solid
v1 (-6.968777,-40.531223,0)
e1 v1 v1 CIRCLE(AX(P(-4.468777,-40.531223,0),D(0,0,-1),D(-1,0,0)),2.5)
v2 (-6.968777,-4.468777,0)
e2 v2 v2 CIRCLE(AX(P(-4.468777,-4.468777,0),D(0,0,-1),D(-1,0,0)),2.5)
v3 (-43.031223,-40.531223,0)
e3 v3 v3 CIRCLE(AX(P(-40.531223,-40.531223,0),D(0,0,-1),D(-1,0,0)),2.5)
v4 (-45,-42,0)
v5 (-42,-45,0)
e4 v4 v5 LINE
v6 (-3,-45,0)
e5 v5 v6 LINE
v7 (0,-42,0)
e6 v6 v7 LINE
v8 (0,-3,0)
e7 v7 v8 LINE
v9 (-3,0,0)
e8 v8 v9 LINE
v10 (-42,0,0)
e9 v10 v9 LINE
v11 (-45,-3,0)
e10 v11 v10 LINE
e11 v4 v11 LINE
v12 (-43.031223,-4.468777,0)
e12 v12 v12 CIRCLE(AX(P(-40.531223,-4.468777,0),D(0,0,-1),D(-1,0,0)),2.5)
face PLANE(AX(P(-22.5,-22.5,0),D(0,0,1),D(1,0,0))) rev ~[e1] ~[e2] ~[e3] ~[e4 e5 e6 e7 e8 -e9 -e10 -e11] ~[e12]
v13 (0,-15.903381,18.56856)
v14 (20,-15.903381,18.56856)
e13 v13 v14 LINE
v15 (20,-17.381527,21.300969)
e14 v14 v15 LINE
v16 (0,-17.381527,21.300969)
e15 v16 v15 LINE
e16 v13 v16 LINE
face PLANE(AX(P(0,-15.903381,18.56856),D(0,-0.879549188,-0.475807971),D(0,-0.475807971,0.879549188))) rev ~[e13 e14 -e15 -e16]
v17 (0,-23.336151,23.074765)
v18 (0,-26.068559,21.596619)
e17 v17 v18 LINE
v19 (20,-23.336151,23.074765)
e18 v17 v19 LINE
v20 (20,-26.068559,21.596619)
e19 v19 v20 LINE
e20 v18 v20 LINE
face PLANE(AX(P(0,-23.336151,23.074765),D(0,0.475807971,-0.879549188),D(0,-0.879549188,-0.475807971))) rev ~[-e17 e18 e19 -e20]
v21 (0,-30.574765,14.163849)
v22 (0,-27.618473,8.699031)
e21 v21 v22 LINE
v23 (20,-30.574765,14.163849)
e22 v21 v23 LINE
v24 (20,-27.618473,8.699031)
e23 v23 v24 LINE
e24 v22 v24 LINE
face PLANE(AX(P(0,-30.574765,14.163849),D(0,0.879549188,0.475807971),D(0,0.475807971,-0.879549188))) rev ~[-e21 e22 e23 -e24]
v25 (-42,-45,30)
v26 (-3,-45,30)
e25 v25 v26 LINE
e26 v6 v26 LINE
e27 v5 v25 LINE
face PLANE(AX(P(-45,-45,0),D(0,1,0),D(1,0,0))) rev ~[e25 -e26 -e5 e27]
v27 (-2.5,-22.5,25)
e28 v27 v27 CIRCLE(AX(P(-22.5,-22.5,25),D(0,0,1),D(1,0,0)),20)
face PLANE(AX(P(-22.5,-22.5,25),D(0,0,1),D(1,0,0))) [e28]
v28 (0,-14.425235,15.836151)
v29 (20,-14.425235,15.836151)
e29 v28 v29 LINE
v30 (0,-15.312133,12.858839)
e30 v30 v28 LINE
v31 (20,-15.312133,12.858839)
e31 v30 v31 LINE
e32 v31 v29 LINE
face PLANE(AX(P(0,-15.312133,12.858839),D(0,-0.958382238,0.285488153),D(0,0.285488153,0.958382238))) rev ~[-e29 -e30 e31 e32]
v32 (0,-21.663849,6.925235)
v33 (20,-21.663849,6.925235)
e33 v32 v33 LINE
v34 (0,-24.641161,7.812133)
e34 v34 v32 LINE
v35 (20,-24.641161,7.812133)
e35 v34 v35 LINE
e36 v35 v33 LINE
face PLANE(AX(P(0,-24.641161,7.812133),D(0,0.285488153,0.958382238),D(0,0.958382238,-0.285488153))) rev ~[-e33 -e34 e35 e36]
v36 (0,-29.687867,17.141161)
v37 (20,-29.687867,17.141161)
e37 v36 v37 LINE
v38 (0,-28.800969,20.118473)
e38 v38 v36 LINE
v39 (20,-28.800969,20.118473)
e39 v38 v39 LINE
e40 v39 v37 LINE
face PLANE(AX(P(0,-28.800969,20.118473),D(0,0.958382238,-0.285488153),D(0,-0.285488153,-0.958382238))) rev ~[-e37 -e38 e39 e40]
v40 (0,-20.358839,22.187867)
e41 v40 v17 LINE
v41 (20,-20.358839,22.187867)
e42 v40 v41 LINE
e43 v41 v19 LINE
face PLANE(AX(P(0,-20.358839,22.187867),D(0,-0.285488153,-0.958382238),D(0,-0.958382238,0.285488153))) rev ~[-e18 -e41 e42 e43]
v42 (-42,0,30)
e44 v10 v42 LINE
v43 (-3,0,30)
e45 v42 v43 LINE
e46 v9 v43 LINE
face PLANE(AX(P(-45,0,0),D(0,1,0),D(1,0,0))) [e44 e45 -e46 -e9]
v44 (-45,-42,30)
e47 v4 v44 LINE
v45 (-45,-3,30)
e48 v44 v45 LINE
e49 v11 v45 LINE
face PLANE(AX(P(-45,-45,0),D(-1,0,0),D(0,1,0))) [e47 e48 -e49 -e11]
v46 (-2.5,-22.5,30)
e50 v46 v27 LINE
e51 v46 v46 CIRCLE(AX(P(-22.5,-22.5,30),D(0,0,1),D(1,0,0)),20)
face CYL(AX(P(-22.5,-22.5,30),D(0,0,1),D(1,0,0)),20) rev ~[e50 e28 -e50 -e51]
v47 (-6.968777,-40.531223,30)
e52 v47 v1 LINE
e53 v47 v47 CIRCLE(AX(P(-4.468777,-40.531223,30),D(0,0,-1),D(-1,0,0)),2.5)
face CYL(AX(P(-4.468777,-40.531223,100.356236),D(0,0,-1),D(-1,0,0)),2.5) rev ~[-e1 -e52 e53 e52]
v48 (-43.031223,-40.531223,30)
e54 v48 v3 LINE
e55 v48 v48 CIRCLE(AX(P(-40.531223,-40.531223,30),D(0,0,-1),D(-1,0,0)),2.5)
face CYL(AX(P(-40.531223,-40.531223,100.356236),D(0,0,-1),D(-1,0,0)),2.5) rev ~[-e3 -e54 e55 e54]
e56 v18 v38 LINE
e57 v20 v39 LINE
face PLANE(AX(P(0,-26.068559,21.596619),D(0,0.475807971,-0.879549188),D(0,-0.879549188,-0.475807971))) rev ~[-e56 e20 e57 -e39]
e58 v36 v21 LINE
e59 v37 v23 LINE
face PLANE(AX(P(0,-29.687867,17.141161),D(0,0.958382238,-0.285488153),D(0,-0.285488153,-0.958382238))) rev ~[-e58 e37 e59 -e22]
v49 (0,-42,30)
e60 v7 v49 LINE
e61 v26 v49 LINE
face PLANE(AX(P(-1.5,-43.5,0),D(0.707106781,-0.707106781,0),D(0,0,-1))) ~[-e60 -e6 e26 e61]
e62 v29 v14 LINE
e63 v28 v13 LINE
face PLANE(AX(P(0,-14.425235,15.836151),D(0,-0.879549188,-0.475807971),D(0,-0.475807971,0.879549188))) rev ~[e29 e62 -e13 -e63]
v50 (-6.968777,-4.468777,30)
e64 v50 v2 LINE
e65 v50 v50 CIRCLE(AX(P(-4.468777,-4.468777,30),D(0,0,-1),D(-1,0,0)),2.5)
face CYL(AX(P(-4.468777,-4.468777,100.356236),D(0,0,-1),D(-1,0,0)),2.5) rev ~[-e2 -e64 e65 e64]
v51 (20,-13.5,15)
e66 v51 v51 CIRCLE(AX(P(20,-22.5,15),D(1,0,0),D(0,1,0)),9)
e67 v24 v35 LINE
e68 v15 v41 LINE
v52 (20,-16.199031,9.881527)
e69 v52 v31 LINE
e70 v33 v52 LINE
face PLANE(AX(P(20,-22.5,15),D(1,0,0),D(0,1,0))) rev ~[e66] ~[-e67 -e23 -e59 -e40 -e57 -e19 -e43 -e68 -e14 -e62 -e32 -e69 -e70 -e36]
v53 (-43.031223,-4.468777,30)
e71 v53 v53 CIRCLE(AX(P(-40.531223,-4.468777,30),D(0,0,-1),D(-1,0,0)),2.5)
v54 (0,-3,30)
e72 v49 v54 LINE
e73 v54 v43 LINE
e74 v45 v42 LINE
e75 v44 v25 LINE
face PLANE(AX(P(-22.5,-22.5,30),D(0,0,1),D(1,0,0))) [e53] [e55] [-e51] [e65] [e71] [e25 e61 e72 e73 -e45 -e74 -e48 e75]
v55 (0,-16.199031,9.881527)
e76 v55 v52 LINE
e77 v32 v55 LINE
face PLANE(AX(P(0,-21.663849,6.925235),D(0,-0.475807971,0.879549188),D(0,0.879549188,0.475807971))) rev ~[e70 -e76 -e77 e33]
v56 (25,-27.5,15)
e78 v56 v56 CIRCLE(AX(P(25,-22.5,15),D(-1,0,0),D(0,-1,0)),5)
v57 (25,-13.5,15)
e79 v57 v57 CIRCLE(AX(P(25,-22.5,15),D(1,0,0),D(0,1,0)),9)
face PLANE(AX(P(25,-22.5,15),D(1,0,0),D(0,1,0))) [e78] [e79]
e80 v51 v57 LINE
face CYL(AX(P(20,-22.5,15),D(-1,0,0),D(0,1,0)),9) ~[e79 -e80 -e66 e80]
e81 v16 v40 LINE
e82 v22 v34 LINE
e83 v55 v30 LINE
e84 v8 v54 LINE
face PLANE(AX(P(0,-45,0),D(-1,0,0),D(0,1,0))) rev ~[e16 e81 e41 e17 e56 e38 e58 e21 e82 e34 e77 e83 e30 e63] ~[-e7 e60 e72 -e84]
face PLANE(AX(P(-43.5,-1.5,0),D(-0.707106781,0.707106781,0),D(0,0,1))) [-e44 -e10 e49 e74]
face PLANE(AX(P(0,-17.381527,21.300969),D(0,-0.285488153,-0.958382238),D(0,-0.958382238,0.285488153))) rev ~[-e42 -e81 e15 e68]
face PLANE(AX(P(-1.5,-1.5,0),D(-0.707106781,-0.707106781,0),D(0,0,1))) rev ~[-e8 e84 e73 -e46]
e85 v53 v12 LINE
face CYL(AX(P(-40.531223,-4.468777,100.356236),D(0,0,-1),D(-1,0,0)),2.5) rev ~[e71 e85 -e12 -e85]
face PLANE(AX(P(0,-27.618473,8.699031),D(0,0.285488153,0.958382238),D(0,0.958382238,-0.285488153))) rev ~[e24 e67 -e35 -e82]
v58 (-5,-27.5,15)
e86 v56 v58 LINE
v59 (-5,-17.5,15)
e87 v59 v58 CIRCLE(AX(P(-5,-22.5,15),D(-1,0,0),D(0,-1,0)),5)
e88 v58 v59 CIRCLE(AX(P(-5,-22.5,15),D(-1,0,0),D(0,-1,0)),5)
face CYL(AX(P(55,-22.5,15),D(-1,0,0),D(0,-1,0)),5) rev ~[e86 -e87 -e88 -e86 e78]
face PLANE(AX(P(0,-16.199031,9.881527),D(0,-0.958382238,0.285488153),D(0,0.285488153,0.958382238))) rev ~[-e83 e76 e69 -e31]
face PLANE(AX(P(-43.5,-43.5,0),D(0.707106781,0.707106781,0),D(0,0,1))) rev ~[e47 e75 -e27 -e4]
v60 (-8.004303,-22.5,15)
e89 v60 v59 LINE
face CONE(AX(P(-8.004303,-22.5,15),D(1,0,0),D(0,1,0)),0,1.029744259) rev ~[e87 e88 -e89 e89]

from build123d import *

# Parameters (mm, degrees)
F0_W      = 45
F0_H      = 45
F1_DEPTH  = 30
F2_SIZE   = 3
F4_D      = 5
F6_DEPTH  = 20
F7_R      = 9
F8_DEPTH  = 5
F10_D     = 10
F10_DEPTH = 30
F10_TIP   = 3.0043030951
F11_R     = 20
F12_DEPTH = 5


with BuildPart() as f1:
    # F0 (on Top) → F1 (new body)
    with BuildSketch(Plane.XY):
        with Locations((-22.5, -22.5)):
            Rectangle(F0_W, F0_H)
    extrude(amount=F1_DEPTH)

    # F2
    f2_edges = [f1.edges().sort_by_distance(p)[0] for p in [
        (-45, -45, 15),
        (0, -45, 15),
        (0, 0, 15),
        (-45, 0, 15),
    ]]
    chamfer(f2_edges, length=F2_SIZE)

    # F4 (through all)
    with Locations(Plane.XY.offset(30)):
        with Locations((-40.5312229203, -40.5312229203), (-40.5312229203, -4.4687770797), (-4.4687770797, -4.4687770797), (-4.4687770797, -40.5312229203)):
            Hole(F4_D / 2)

    # F5 (on face) → F6 (join)
    with BuildSketch(Plane.YZ):
        with BuildLine():
            ThreePointArc((-15.3121332332, 12.8588387864), (-15.0784435342, 13.9181036905), (-15, 15))
            ThreePointArc((-15, 15), (-15.2293520832, 16.8405648237), (-15.903381032, 18.5685596803))
            ThreePointArc((-15.903381032, 18.5685596803), (-17.7711474831, 20.8213360901), (-20.3588389028, 22.1878668015))
            ThreePointArc((-20.3588389028, 22.1878668015), (-23.2725024385, 22.4601099176), (-26.0685594955, 21.5966190679))
            ThreePointArc((-26.0685594955, 21.5966190679), (-28.3213359619, 19.7288526747), (-29.6878667454, 17.1411612856))
            ThreePointArc((-29.6878667454, 17.1411612856), (-29.9601099219, 14.2274976035), (-29.0966190145, 11.4314404058))
            ThreePointArc((-29.0966190145, 11.4314404058), (-27.2288526423, 9.1786640118), (-24.6411613131, 7.8121332628))
            ThreePointArc((-24.6411613131, 7.8121332628), (-21.7274976178, 7.5398900766), (-18.9314404058, 8.4033809855))
            ThreePointArc((-18.9314404058, 8.4033809855), (-16.6786639791, 10.271147398), (-15.3121332332, 12.8588387864))
        make_face()
        with BuildLine():
            ThreePointArc((-15.903381032, 18.5685596803), (-15.2293520832, 16.8405648237), (-15, 15))
            ThreePointArc((-15, 15), (-15.0784435342, 13.9181036905), (-15.3121332332, 12.8588387864))
            Line((-15.3121332332, 12.8588387864), (-14.4252352272, 15.8361507619))
            Line((-14.4252352272, 15.8361507619), (-15.903381032, 18.5685596803))
        make_face()
        with BuildLine():
            ThreePointArc((-20.3588389028, 22.1878668015), (-17.7711474831, 20.8213360901), (-15.903381032, 18.5685596803))
            Line((-15.903381032, 18.5685596803), (-17.3815269465, 21.3009688012))
            Line((-17.3815269465, 21.3009688012), (-20.3588389028, 22.1878668015))
        make_face()
        with BuildLine():
            Line((-16.1990311988, 9.8815269465), (-15.3121332332, 12.8588387864))
            ThreePointArc((-15.3121332332, 12.8588387864), (-16.6786639791, 10.271147398), (-18.9314404058, 8.4033809855))
            Line((-18.9314404058, 8.4033809855), (-16.1990311988, 9.8815269465))
        make_face()
        with BuildLine():
            ThreePointArc((-26.0685594955, 21.5966190679), (-23.2725024385, 22.4601099176), (-20.3588389028, 22.1878668015))
            Line((-20.3588389028, 22.1878668015), (-23.3361507619, 23.0747647728))
            Line((-23.3361507619, 23.0747647728), (-26.0685594955, 21.5966190679))
        make_face()
        with BuildLine():
            Line((-21.6638492381, 6.9252352272), (-18.9314404058, 8.4033809855))
            ThreePointArc((-18.9314404058, 8.4033809855), (-21.7274976178, 7.5398900766), (-24.6411613131, 7.8121332628))
            Line((-24.6411613131, 7.8121332628), (-21.6638492381, 6.9252352272))
        make_face()
        with BuildLine():
            ThreePointArc((-29.6878667454, 17.1411612856), (-28.3213359619, 19.7288526747), (-26.0685594955, 21.5966190679))
            Line((-26.0685594955, 21.5966190679), (-28.8009688012, 20.1184730535))
            Line((-28.8009688012, 20.1184730535), (-29.6878667454, 17.1411612856))
        make_face()
        with BuildLine():
            Line((-27.6184730535, 8.6990311988), (-24.6411613131, 7.8121332628))
            ThreePointArc((-24.6411613131, 7.8121332628), (-27.2288526423, 9.1786640118), (-29.0966190145, 11.4314404058))
            Line((-29.0966190145, 11.4314404058), (-27.6184730535, 8.6990311988))
        make_face()
        with BuildLine():
            ThreePointArc((-29.0966190145, 11.4314404058), (-29.9601099219, 14.2274976035), (-29.6878667454, 17.1411612856))
            Line((-29.6878667454, 17.1411612856), (-30.5747647728, 14.1638492381))
            Line((-30.5747647728, 14.1638492381), (-29.0966190145, 11.4314404058))
        make_face()
    extrude(amount=F6_DEPTH)

    # F7 (on face) → F8 (join)
    with BuildSketch(Plane.YZ.offset(20)):
        with Locations((-22.5, 15)):
            Circle(F7_R)
        Polygon((-29.687866787, 17.1411611458), (-22.5, 15), (-24.6411611458, 7.812133213), align=None, mode=Mode.SUBTRACT)
        Polygon((-24.6411611458, 7.812133213), (-22.5, 15), (-29.687866787, 17.1411611458), align=None)
    extrude(amount=F8_DEPTH)

    # F10
    with Locations(Plane.YZ.offset(25)):
        with Locations((-22.5, 15)):
            Hole(F10_D / 2, depth=F10_DEPTH)
            with Locations((0, 0, -(F10_DEPTH + F10_TIP / 2))):  # 118° drill point
                Cone(0, F10_D / 2, F10_TIP, mode=Mode.SUBTRACT)

    # F11 (on face) → F12 (cut)
    with BuildSketch(Plane.XY.offset(30)):
        with Locations((-22.5, -22.5)):
            Circle(F11_R)
    extrude(amount=-F12_DEPTH, mode=Mode.SUBTRACT)


solid = f1.part
